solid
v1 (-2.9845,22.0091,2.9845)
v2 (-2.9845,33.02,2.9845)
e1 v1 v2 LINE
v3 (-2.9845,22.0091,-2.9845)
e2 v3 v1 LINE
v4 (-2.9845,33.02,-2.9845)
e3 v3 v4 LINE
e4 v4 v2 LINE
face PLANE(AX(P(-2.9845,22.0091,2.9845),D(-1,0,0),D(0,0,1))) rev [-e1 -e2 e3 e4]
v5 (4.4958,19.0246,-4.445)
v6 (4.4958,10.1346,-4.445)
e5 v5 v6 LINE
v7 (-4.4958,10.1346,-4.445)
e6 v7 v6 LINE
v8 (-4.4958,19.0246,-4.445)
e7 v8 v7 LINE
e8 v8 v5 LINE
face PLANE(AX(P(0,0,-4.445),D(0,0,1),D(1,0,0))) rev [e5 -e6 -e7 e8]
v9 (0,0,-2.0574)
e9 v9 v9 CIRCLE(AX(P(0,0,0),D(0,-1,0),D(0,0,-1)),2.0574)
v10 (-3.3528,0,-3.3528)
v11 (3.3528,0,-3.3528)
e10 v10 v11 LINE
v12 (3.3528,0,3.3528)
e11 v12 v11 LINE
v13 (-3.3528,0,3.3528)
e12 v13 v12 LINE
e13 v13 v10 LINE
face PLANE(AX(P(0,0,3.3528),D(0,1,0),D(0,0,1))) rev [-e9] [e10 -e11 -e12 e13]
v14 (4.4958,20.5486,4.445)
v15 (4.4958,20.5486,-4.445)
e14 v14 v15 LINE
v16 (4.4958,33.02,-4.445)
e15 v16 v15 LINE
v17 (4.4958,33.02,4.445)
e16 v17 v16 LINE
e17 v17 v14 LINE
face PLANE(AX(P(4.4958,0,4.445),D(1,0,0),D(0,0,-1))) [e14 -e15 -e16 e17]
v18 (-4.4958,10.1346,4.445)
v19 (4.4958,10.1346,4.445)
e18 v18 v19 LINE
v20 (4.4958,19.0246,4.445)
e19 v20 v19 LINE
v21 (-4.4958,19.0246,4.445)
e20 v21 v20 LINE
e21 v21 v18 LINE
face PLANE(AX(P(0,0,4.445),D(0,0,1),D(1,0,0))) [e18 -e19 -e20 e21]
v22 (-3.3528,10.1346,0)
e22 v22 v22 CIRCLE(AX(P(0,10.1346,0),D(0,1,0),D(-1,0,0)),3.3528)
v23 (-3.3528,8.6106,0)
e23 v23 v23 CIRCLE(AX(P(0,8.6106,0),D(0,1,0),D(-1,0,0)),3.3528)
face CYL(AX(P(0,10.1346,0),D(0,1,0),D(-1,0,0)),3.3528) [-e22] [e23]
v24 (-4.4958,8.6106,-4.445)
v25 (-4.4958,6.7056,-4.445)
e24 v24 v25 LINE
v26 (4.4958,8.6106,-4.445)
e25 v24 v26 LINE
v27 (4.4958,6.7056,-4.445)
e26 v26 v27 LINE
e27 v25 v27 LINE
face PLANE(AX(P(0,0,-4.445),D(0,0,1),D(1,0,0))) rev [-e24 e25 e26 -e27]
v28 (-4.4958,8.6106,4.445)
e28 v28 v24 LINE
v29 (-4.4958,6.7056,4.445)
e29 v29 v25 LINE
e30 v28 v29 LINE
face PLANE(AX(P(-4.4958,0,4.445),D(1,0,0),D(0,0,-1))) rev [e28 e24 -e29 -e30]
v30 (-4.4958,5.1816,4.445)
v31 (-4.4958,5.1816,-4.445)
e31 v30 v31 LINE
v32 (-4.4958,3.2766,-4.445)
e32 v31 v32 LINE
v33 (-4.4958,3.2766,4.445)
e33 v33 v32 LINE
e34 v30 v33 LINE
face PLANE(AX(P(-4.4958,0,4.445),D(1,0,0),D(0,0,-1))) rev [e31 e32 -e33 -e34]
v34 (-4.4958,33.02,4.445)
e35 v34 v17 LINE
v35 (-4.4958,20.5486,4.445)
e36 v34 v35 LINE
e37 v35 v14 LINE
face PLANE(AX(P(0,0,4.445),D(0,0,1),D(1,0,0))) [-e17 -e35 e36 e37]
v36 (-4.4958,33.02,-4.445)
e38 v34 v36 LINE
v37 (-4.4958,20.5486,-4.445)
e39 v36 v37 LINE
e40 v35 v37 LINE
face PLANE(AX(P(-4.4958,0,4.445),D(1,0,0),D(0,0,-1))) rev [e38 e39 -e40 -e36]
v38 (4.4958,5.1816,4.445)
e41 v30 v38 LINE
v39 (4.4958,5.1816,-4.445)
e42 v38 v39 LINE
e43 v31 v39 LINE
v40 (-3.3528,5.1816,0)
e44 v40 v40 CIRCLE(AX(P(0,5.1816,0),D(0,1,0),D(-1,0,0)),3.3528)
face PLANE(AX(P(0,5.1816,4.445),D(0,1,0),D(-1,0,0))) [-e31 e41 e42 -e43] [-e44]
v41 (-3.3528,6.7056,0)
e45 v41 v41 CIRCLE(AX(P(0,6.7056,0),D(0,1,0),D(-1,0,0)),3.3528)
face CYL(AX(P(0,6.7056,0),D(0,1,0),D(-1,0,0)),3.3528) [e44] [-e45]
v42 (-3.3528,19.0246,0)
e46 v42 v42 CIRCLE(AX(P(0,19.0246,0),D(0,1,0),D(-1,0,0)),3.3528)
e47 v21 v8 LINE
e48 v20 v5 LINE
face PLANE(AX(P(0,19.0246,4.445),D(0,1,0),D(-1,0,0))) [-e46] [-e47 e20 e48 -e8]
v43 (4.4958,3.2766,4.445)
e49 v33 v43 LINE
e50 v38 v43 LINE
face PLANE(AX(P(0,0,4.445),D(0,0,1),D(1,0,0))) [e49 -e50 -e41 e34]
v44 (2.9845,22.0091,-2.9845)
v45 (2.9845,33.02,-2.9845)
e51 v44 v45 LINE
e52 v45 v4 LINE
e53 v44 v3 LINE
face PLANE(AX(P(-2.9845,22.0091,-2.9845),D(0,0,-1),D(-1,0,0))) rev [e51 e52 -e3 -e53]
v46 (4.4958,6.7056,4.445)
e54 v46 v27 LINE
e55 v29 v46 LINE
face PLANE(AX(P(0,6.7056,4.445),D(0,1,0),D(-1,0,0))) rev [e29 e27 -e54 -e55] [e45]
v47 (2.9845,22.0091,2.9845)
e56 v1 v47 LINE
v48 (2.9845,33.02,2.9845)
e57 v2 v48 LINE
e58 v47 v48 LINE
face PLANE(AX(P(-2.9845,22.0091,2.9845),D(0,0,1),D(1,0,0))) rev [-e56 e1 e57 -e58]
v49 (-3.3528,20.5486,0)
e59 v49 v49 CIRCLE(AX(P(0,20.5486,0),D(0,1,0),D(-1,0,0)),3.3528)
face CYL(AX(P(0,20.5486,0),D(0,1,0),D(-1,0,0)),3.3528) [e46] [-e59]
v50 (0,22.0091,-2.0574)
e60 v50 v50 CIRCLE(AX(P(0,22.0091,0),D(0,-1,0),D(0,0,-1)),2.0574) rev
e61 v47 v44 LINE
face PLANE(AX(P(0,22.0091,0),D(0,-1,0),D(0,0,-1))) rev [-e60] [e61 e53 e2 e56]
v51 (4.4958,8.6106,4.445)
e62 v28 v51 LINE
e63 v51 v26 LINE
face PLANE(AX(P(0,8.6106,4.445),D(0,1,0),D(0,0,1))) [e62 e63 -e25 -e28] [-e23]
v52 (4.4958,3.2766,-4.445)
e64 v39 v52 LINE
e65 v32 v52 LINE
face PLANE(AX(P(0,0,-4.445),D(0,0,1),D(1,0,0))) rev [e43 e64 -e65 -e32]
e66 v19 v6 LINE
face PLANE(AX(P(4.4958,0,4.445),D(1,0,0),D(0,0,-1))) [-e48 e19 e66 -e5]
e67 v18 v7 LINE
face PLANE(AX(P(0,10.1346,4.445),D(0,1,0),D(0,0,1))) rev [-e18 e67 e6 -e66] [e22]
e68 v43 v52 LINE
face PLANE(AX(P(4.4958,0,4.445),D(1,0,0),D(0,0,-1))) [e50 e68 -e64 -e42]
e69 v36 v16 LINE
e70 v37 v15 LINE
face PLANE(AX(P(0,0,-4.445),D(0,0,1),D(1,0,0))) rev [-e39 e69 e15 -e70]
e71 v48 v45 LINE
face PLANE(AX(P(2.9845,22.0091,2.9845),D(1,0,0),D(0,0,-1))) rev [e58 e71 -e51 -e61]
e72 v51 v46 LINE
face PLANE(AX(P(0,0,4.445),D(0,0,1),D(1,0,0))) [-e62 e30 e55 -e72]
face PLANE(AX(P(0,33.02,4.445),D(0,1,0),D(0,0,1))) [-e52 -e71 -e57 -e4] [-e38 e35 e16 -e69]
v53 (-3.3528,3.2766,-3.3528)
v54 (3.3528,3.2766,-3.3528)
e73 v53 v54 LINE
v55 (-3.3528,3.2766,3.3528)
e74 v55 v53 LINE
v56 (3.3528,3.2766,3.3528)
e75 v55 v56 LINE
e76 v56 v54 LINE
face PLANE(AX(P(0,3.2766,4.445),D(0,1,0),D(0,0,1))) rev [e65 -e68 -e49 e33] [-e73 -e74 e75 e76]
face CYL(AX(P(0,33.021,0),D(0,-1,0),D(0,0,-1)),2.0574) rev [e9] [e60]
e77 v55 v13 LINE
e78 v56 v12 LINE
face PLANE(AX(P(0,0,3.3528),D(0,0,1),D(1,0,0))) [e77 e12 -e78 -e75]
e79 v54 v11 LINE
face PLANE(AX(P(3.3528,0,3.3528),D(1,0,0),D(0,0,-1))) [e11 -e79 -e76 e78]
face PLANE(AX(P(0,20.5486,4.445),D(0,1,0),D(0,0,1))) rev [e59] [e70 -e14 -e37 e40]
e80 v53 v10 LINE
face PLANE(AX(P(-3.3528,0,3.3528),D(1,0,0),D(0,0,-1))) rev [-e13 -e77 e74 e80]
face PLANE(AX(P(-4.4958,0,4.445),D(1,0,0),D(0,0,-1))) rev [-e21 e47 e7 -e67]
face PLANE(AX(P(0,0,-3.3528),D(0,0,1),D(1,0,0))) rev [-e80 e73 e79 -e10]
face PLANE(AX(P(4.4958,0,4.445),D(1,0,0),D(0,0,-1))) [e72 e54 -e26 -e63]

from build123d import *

# Parameters (mm, degrees)
BOSS_EXTRUDE1_DEPTH = 4.445
SKETCH1_4_W         = 3.3528
SKETCH1_4_H         = 1.524
BOSS_EXTRUDE2_DEPTH = 4.445
SKETCH1_6_W         = 3.3528
SKETCH1_6_H         = 1.524
BOSS_EXTRUDE3_DEPTH = 4.445
SKETCH1_8_W         = 3.3528
SKETCH1_8_H         = 1.524
BOSS_EXTRUDE4_DEPTH = 4.445
SKETCH1_10_W        = 6.7056
SKETCH1_10_H        = 3.2766
BOSS_EXTRUDE5_DEPTH = 3.3528
SKETCH2_W           = 5.969
SKETCH2_H           = 5.969
CUT_EXTRUDE1_DEPTH  = 11.0109
CUT_EXTRUDE2_REACH  = 35.62
SKETCH3_R           = 2.0574


with BuildPart() as part:
    # Sketch1 → Boss-Extrude1 (new, symmetric)
    with BuildSketch(Plane.XY):
        Polygon((0, 5.1816), (-3.3528, 5.1816), (-4.4958, 5.1816), (-4.4958, 3.2766), (-3.3528, 3.2766), (3.3528, 3.2766), (4.4958, 3.2766), (4.4958, 5.1816), (3.3528, 5.1816), align=None)
    extrude(amount=BOSS_EXTRUDE1_DEPTH, both=True)

    # Sketch1<4> → Revolve1 (revolve)
    with BuildSketch(Plane.XY):
        with Locations((-1.6764, 5.9436)):
            Rectangle(SKETCH1_4_W, SKETCH1_4_H)
    revolve(axis=Axis((0, 6.7056, 0), (0, -1, 0)))

    # Sketch1<5> → Boss-Extrude2 (add, symmetric)
    with BuildSketch(Plane.XY):
        Polygon((0, 8.6106), (-3.3528, 8.6106), (-4.4958, 8.6106), (-4.4958, 6.7056), (-3.3528, 6.7056), (0, 6.7056), (3.3528, 6.7056), (4.4958, 6.7056), (4.4958, 8.6106), (3.3528, 8.6106), align=None)
    extrude(amount=BOSS_EXTRUDE2_DEPTH, both=True)

    # Sketch1<6> → Revolve2 (revolve)
    with BuildSketch(Plane.XY):
        with Locations((-1.6764, 9.3726)):
            Rectangle(SKETCH1_6_W, SKETCH1_6_H)
    revolve(axis=Axis((0, 10.1346, 0), (0, -1, 0)))

    # Sketch1<7> → Boss-Extrude3 (add, symmetric)
    with BuildSketch(Plane.XY):
        Polygon((-3.3528, 19.0246), (-4.4958, 19.0246), (-4.4958, 10.1346), (-3.3528, 10.1346), (0, 10.1346), (3.3528, 10.1346), (4.4958, 10.1346), (4.4958, 19.0246), (3.3528, 19.0246), (0, 19.0246), align=None)
    extrude(amount=BOSS_EXTRUDE3_DEPTH, both=True)

    # Sketch1<8> → Revolve3 (revolve)
    with BuildSketch(Plane.XY):
        with Locations((-1.6764, 19.7866)):
            Rectangle(SKETCH1_8_W, SKETCH1_8_H)
    revolve(axis=Axis((0, 20.5486, 0), (0, -1, 0)))

    # Sketch1<9> → Boss-Extrude4 (add, symmetric)
    with BuildSketch(Plane.XY):
        Polygon((-4.4958, 20.5486), (-3.3528, 20.5486), (0, 20.5486), (3.3528, 20.5486), (4.4958, 20.5486), (4.4958, 33.02), (-4.4958, 33.02), align=None)
    extrude(amount=BOSS_EXTRUDE4_DEPTH, both=True)

    # Sketch1<10> → Boss-Extrude5 (add, symmetric)
    with BuildSketch(Plane.XY):
        with Locations((0, 1.6383)):
            Rectangle(SKETCH1_10_W, SKETCH1_10_H)
    extrude(amount=BOSS_EXTRUDE5_DEPTH, both=True)

    # Sketch2 → Cut-Extrude1 (cut)
    with BuildSketch(Plane(origin=(0, 33.02, 0), x_dir=(1, 0, 0), z_dir=(0, 1, 0))):
        Rectangle(SKETCH2_W, SKETCH2_H)
    extrude(amount=-CUT_EXTRUDE1_DEPTH, mode=Mode.SUBTRACT)

    # Sketch3 → Cut-Extrude2 (cut, up to next)
    with BuildSketch(Plane(origin=(0, 0, 0), x_dir=(-1, 0, 0), z_dir=(0, -1, 0)), mode=Mode.PRIVATE) as cut_extrude2_sk1:
        Circle(SKETCH3_R)
    cut_extrude2_tool1 = extrude(cut_extrude2_sk1.sketch, amount=-CUT_EXTRUDE2_REACH, mode=Mode.PRIVATE) & part.part
    add(cut_extrude2_tool1.solids().sort_by_distance((0, 0, 0))[0], mode=Mode.SUBTRACT)


solid = part.part
